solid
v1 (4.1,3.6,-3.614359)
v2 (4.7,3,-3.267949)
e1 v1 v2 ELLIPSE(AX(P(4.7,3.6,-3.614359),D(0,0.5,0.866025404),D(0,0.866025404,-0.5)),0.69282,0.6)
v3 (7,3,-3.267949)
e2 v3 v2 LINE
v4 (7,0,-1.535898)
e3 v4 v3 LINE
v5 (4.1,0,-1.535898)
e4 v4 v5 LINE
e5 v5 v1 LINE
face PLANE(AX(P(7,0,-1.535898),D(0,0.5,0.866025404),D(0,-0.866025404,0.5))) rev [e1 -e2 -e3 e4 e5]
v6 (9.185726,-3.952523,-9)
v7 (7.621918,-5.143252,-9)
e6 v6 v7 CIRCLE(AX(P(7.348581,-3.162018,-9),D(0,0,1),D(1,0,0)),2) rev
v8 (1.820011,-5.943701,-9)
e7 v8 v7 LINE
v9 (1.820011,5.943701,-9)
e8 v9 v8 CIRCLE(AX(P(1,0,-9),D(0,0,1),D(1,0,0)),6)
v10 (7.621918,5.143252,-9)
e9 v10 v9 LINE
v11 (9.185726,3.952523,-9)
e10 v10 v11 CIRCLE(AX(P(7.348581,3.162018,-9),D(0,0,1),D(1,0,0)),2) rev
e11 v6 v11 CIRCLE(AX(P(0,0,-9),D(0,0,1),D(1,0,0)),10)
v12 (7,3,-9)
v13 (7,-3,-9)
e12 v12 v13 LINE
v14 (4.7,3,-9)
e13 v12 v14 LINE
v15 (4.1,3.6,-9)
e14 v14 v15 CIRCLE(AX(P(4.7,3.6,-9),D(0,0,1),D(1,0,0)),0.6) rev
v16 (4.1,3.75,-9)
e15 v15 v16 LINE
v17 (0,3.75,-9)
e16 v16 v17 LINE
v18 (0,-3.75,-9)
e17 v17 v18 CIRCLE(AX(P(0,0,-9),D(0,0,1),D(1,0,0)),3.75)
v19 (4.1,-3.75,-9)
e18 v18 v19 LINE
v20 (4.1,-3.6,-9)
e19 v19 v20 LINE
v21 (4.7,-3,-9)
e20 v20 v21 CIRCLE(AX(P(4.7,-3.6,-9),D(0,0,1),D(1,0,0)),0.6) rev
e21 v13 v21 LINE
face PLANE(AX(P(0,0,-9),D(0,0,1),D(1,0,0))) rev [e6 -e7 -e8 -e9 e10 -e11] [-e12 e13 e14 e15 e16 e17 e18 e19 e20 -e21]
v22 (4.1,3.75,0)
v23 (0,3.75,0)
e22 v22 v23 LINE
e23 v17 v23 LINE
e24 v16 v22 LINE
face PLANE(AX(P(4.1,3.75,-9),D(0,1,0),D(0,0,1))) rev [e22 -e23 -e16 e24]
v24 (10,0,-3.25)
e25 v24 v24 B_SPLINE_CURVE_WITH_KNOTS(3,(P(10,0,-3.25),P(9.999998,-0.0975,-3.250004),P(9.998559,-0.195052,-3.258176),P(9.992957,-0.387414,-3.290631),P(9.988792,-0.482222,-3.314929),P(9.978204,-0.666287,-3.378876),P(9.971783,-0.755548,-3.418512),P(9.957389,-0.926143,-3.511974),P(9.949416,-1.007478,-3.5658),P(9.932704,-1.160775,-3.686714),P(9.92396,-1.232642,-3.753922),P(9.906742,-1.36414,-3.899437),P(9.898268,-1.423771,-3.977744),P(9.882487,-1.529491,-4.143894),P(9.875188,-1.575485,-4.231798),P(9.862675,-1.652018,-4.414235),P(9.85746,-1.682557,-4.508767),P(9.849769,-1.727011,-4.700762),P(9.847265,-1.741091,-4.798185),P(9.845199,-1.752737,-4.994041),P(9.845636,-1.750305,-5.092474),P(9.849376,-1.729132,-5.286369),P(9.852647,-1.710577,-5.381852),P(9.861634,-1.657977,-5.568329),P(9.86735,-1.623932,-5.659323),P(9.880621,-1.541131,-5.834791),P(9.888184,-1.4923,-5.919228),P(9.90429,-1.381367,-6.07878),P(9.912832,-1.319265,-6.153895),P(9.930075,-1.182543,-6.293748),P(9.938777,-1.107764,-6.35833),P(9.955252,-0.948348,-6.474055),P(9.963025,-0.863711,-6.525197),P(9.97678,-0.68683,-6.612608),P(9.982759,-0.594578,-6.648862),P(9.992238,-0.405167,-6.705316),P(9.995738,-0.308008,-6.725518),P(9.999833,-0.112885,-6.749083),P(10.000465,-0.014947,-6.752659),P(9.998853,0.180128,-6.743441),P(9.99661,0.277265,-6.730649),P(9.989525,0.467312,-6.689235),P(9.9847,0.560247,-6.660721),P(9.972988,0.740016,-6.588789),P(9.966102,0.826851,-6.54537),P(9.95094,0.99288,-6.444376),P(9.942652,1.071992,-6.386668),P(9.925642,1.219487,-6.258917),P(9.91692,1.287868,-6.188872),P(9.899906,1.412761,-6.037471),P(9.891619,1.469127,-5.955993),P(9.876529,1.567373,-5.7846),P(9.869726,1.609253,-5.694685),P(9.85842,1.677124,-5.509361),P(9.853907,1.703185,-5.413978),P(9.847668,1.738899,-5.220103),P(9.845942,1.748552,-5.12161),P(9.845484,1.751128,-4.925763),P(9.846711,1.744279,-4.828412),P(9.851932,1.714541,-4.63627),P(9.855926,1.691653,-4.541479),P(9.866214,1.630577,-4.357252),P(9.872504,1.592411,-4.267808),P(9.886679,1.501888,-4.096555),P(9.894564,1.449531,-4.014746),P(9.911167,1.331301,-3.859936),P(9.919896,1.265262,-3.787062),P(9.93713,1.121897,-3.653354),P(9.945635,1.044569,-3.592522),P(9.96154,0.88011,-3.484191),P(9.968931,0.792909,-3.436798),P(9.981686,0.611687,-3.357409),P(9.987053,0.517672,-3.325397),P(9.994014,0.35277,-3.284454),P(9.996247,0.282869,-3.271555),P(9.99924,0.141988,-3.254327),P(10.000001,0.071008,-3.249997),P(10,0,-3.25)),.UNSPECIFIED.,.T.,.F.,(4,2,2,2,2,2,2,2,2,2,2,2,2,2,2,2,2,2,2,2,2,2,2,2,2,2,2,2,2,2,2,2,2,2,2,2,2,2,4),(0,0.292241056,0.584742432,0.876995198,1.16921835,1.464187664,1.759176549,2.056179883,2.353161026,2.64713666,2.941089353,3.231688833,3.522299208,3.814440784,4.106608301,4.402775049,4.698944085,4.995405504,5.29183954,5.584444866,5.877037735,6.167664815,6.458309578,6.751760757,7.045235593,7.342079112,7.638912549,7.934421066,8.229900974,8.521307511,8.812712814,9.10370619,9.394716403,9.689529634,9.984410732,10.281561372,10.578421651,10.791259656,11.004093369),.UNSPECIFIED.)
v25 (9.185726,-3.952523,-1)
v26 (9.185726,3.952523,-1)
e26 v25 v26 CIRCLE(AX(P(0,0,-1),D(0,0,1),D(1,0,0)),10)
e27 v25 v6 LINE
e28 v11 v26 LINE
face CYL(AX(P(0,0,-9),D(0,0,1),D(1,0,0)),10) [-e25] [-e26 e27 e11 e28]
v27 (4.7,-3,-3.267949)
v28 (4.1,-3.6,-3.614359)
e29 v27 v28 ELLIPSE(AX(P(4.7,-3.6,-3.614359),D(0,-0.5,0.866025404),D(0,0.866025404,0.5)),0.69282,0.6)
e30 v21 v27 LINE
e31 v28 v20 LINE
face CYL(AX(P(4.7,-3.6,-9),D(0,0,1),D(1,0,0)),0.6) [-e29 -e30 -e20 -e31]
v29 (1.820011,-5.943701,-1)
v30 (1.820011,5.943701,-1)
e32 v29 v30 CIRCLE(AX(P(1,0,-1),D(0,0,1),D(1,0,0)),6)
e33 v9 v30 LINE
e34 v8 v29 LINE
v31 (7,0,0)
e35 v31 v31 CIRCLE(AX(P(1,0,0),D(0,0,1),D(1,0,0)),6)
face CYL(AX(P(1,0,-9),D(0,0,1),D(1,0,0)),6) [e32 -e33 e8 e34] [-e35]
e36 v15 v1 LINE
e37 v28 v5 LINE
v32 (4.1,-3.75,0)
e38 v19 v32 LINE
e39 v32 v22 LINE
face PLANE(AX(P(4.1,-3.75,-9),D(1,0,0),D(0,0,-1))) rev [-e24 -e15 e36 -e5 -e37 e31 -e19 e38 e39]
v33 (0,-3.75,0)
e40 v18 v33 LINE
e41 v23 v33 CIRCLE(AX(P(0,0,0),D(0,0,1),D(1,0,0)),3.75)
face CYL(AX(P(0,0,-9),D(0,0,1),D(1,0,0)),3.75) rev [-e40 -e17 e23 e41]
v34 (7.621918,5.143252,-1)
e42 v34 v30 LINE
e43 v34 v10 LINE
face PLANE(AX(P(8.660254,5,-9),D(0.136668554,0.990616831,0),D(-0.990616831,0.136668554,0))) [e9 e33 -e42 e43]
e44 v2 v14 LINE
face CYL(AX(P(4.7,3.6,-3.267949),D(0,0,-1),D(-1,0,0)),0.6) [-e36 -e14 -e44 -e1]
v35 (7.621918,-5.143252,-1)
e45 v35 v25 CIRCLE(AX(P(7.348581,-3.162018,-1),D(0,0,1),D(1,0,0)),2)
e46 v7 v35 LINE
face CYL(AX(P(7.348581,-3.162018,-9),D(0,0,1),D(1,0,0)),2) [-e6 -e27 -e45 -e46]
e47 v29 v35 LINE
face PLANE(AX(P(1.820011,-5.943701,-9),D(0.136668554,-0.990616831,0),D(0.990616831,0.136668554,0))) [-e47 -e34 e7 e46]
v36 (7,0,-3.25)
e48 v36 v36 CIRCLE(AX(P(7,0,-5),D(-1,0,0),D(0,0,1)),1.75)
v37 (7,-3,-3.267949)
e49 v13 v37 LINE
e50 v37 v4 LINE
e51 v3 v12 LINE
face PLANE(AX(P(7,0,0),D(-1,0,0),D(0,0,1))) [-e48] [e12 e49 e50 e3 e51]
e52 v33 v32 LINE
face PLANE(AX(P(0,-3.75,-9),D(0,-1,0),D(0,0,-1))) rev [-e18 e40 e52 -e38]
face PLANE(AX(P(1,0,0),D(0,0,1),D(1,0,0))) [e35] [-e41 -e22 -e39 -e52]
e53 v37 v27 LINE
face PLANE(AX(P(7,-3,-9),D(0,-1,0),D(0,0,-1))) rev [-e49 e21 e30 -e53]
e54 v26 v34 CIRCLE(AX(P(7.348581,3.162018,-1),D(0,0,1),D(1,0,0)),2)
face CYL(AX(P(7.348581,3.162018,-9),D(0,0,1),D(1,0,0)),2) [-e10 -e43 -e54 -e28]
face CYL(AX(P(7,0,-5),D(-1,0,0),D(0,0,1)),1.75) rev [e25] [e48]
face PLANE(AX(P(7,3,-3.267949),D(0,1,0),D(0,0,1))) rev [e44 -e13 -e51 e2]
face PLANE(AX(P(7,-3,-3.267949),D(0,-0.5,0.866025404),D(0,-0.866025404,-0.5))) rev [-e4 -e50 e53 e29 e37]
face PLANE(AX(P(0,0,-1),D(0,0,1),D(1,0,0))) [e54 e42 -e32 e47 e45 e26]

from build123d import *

# Parameters (mm, degrees)
BOSS_EXTRUDE1_DEPTH = 8
BOSS_EXTRUDE2_START = 1
SKETCH2_R           = 6
BOSS_EXTRUDE2_DEPTH = 1
CUT_EXTRUDE1_DEPTH  = 15.730919863
CUT_EXTRUDE2_DEPTH  = 2.9
HOLEWZD1_D          = 3.5
HOLEWZD1_DEPTH      = 3
FILLET1_R           = 0.6
FILLET2_R           = 2


with BuildPart() as part:
    # Sketch1 → Boss-Extrude1 (new body)
    with BuildSketch(Plane.XY.offset(-1)):
        with BuildLine():
            Line((8.660254038, 5), (1.820011325, 5.943700987))
            ThreePointArc((1.820011325, 5.943700987), (-5, 0), (1.820011325, -5.943700987))
            Line((1.820011325, -5.943700987), (8.660254038, -5))
            ThreePointArc((8.660254038, -5), (10, 0), (8.660254038, 5))
        make_face()
    extrude(amount=-BOSS_EXTRUDE1_DEPTH)

    # Sketch2 → Boss-Extrude2 (add)
    with BuildSketch(Plane.XY.offset(-1).offset(BOSS_EXTRUDE2_START)):
        with Locations((1, 0)):
            Circle(SKETCH2_R)
    extrude(amount=-BOSS_EXTRUDE2_DEPTH)

    # Sketch3 → Cut-Extrude1 (cut, through all)
    with BuildSketch(Plane.XY):
        with BuildLine():
            Line((0, -3.75), (4.1, -3.75))
            Line((4.1, -3.75), (4.1, 3.75))
            Line((4.1, 3.75), (0, 3.75))
            ThreePointArc((0, 3.75), (-3.75, 0), (0, -3.75))
        make_face()
    extrude(amount=-CUT_EXTRUDE1_DEPTH, mode=Mode.SUBTRACT)

    # Sketch4 → Cut-Extrude2 (cut)
    with BuildSketch(Plane.ZY.offset(-4.1)):
        Polygon((-9, -3), (-3.267949192, -3), (-1.535898385, 0), (-3.267949192, 3), (-9, 3), align=None)
    extrude(amount=-CUT_EXTRUDE2_DEPTH, mode=Mode.SUBTRACT)

    # HoleWzd1
    with Locations(Plane.ZY.offset(-7)):
        with Locations((-5, 0)):
            Hole(HOLEWZD1_D / 2, depth=HOLEWZD1_DEPTH)

    # Fillet1
    fillet1_edges = [part.edges().sort_by_distance(p)[0] for p in [
        (4.1, -3, -6.133974596),
        (4.1, 3, -6.133974596),
    ]]
    fillet(fillet1_edges, radius=FILLET1_R)

    # Fillet2
    fillet2_edges = [part.edges().sort_by_distance(p)[0] for p in [
        (8.660254038, -5, -5),
        (8.660254038, 5, -5),
    ]]
    fillet(fillet2_edges, radius=FILLET2_R)


solid = part.part
